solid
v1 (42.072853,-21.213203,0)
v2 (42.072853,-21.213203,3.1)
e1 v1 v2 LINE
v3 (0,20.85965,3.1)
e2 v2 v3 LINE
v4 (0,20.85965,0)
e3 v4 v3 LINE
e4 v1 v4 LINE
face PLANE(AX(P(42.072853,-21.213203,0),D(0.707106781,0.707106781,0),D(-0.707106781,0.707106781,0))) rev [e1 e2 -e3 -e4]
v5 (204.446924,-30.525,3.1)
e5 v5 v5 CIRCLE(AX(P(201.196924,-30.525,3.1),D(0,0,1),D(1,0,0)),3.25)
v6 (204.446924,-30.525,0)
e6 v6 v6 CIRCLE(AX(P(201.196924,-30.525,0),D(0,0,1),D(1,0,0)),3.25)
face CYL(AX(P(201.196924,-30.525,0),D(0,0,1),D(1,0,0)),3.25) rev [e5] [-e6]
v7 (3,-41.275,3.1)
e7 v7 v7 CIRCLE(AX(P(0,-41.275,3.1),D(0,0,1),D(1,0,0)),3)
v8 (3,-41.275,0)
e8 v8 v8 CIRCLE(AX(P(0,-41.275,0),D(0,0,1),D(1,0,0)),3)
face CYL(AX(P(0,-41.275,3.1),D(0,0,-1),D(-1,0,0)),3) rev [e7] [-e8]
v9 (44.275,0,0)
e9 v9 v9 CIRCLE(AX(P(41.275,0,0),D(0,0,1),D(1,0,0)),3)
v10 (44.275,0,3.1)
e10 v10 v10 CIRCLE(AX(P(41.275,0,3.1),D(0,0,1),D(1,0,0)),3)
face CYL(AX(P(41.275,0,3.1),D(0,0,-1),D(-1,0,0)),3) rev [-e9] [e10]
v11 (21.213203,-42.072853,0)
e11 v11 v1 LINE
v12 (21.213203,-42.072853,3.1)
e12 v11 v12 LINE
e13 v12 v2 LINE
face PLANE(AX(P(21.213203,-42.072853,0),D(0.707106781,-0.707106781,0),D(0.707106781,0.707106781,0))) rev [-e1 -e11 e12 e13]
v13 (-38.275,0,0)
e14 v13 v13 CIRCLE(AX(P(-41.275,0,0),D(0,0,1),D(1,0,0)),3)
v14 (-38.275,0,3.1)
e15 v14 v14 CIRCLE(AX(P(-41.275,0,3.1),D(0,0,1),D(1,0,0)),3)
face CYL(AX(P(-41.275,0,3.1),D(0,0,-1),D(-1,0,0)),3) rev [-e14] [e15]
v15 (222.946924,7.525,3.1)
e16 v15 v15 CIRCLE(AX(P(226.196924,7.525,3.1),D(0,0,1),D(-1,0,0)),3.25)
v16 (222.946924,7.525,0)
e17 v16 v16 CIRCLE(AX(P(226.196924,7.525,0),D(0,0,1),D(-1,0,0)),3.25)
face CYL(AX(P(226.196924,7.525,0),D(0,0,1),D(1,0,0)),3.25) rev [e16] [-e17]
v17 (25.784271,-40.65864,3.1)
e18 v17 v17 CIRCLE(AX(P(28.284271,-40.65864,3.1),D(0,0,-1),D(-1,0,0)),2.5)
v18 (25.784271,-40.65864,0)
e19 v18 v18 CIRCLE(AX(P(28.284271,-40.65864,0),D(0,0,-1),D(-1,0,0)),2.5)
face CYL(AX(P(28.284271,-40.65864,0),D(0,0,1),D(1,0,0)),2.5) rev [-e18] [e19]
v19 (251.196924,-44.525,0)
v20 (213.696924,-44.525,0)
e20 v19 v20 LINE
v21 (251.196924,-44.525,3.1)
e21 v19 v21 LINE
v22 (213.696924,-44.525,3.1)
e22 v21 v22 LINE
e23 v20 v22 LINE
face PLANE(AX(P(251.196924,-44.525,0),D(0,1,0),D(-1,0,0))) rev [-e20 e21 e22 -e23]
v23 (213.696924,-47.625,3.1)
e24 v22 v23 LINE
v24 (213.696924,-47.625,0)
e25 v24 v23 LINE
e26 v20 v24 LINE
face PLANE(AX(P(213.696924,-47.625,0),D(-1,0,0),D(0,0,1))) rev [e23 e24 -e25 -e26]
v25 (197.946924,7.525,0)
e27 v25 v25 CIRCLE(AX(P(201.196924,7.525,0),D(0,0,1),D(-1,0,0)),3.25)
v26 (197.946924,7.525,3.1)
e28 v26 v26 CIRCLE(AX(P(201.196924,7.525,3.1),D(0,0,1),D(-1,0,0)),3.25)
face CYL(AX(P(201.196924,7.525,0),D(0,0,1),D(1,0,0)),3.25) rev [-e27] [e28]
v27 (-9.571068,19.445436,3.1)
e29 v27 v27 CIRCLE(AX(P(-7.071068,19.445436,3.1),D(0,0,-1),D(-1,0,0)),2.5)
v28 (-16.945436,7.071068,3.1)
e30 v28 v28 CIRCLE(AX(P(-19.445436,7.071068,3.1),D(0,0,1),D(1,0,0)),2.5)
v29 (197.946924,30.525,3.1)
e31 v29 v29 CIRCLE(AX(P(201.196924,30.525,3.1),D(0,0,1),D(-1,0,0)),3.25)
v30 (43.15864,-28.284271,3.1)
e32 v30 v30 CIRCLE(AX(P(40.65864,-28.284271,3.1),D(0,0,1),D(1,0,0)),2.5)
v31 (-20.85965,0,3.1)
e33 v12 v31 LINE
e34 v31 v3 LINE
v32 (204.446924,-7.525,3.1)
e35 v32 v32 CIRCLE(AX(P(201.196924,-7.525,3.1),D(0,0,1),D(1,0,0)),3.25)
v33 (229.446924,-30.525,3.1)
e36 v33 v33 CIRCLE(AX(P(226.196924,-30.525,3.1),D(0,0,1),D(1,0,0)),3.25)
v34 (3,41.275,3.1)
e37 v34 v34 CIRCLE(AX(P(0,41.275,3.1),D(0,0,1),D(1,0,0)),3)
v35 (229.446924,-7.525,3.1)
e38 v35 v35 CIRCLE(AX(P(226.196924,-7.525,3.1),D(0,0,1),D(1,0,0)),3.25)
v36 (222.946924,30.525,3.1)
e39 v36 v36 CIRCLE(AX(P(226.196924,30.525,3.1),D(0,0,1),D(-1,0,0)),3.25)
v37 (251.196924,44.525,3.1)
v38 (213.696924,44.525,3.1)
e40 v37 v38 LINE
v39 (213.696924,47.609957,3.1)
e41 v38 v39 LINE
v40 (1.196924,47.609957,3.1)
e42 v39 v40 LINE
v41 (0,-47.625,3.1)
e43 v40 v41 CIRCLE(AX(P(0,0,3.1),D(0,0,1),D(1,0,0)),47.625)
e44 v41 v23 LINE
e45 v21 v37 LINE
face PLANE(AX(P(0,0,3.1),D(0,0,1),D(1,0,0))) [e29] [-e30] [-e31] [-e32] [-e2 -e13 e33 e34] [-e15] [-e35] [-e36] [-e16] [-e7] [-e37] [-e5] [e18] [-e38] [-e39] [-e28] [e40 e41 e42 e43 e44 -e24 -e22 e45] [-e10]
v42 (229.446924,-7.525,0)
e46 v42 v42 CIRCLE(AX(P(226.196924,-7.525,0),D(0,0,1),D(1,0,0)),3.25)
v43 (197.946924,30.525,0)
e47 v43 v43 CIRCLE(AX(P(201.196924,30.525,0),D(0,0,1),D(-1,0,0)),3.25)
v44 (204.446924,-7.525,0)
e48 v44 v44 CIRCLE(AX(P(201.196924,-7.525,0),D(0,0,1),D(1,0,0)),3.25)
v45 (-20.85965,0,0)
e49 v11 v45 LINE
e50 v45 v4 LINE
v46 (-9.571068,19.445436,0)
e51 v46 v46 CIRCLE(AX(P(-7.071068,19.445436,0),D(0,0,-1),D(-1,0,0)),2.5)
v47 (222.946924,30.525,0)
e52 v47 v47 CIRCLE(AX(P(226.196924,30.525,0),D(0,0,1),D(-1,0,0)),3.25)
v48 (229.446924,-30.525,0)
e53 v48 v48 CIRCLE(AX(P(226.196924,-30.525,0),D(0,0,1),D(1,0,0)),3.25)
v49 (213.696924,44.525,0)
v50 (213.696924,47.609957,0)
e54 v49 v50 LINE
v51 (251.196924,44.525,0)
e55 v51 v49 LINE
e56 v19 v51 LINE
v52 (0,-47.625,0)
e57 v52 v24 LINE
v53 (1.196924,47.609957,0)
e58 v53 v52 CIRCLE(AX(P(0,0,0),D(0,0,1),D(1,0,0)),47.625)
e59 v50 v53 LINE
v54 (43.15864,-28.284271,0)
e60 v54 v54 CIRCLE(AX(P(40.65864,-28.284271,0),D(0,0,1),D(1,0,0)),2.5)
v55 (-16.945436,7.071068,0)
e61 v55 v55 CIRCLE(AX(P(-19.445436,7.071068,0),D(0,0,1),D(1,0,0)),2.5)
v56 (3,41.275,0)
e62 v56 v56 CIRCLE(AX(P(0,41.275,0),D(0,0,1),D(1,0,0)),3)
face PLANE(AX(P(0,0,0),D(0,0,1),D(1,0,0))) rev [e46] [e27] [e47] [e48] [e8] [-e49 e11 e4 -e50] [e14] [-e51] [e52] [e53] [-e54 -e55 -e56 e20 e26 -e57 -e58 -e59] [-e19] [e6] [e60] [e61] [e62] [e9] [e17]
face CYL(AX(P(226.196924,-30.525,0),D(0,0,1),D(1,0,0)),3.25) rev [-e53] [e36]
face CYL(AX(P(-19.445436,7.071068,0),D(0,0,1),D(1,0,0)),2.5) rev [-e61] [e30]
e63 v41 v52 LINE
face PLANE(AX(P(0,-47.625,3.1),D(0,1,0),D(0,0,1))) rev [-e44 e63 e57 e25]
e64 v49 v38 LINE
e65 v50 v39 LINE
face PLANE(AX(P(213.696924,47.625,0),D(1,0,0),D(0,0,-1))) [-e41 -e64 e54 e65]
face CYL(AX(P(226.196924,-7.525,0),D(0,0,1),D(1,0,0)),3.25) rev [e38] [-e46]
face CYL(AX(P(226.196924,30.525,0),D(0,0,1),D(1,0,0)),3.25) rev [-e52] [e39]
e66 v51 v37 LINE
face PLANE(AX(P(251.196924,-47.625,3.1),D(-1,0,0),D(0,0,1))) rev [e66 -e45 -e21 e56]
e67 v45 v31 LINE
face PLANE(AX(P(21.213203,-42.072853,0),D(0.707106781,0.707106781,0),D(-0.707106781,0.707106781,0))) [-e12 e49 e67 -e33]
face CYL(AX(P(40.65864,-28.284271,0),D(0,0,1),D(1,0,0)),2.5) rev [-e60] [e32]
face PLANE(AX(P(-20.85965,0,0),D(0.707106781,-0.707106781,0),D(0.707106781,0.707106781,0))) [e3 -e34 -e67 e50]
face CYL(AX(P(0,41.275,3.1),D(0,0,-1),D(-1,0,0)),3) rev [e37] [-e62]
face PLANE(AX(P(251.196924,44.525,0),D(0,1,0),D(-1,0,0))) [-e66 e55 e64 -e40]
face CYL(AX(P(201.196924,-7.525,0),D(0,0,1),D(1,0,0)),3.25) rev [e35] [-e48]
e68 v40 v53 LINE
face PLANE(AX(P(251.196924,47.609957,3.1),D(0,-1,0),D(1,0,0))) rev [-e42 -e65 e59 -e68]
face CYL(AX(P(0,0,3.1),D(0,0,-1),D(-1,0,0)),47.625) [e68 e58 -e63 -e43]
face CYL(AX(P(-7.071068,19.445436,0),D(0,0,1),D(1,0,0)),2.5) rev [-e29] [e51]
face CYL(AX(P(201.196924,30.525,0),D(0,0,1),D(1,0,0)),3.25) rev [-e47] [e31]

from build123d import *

# Parameters (mm, degrees)
SKETCH1_R           = 3
BOSS_EXTRUDE1_DEPTH = 3.1
SKETCH2_R           = 2.5
CUT_EXTRUDE1_DEPTH  = 4.1
SKETCH3_W           = 37.5
SKETCH3_H           = 3.1
CUT_EXTRUDE2_DEPTH  = 4.1
SKETCH7_R           = 3.25
CUT_EXTRUDE5_DEPTH  = 4.1


with BuildPart() as part:
    # Sketch1 → Boss-Extrude1 (new body)
    with BuildSketch(Plane.XY):
        with BuildLine():
            Line((0, -47.625), (251.196924141, -47.625))
            Line((251.196924141, -47.625), (251.196924141, 47.609956917))
            Line((251.196924141, 47.609956917), (1.196924141, 47.609956917))
            ThreePointArc((1.196924141, 47.609956917), (-47.621239081, 0.598509335), (0, -47.625))
        make_face()
        with Locations((0, -41.275)):
            Circle(SKETCH1_R, mode=Mode.SUBTRACT)
        with Locations((-41.275, 0)):
            Circle(SKETCH1_R, mode=Mode.SUBTRACT)
        with Locations((0, 41.275)):
            Circle(SKETCH1_R, mode=Mode.SUBTRACT)
        with Locations((41.275, 0)):
            Circle(SKETCH1_R, mode=Mode.SUBTRACT)
    extrude(amount=BOSS_EXTRUDE1_DEPTH)

    # Sketch2 → Cut-Extrude1 (cut, through all)
    with BuildSketch(Plane.XY.offset(3.1)):
        with Locations((-19.445436483, 7.071067812)):
            Circle(SKETCH2_R)
        with Locations((-7.071067812, 19.445436483)):
            Circle(SKETCH2_R)
        with Locations((40.658639918, -28.284271247)):
            Circle(SKETCH2_R)
        with Locations((28.284271247, -40.658639918)):
            Circle(SKETCH2_R)
        Polygon((21.213203436, -42.072853481), (42.072853481, -21.213203436), (0, 20.859650045), (-20.859650045, 0), align=None)
    extrude(amount=-CUT_EXTRUDE1_DEPTH, mode=Mode.SUBTRACT)

    # Sketch3 → Cut-Extrude2 (cut, through all)
    with BuildSketch(Plane.XY.offset(3.1)):
        with Locations((232.446924141, -46.075)):
            Rectangle(SKETCH3_W, SKETCH3_H)
    cut_extrude2 = extrude(amount=-CUT_EXTRUDE2_DEPTH, mode=Mode.SUBTRACT)

    # Mirror1: Cut-Extrude2 across plane
    add(cut_extrude2.mirror(Plane.ZX), mode=Mode.SUBTRACT)

    # Sketch7 → Cut-Extrude5 (cut, through all)
    with BuildSketch(Plane.XY.offset(3.1)):
        with Locations((226.196924141, -30.525)):
            Circle(SKETCH7_R)
        with Locations((226.196924141, -7.525)):
            Circle(SKETCH7_R)
        with Locations((226.196924141, 7.525)):
            Circle(SKETCH7_R)
        with Locations((226.196924141, 30.525)):
            Circle(SKETCH7_R)
        with Locations((201.196924141, -30.525)):
            Circle(SKETCH7_R)
        with Locations((201.196924141, -7.525)):
            Circle(SKETCH7_R)
        with Locations((201.196924141, 7.525)):
            Circle(SKETCH7_R)
        with Locations((201.196924141, 30.525)):
            Circle(SKETCH7_R)
    extrude(amount=-CUT_EXTRUDE5_DEPTH, mode=Mode.SUBTRACT)


solid = part.part
